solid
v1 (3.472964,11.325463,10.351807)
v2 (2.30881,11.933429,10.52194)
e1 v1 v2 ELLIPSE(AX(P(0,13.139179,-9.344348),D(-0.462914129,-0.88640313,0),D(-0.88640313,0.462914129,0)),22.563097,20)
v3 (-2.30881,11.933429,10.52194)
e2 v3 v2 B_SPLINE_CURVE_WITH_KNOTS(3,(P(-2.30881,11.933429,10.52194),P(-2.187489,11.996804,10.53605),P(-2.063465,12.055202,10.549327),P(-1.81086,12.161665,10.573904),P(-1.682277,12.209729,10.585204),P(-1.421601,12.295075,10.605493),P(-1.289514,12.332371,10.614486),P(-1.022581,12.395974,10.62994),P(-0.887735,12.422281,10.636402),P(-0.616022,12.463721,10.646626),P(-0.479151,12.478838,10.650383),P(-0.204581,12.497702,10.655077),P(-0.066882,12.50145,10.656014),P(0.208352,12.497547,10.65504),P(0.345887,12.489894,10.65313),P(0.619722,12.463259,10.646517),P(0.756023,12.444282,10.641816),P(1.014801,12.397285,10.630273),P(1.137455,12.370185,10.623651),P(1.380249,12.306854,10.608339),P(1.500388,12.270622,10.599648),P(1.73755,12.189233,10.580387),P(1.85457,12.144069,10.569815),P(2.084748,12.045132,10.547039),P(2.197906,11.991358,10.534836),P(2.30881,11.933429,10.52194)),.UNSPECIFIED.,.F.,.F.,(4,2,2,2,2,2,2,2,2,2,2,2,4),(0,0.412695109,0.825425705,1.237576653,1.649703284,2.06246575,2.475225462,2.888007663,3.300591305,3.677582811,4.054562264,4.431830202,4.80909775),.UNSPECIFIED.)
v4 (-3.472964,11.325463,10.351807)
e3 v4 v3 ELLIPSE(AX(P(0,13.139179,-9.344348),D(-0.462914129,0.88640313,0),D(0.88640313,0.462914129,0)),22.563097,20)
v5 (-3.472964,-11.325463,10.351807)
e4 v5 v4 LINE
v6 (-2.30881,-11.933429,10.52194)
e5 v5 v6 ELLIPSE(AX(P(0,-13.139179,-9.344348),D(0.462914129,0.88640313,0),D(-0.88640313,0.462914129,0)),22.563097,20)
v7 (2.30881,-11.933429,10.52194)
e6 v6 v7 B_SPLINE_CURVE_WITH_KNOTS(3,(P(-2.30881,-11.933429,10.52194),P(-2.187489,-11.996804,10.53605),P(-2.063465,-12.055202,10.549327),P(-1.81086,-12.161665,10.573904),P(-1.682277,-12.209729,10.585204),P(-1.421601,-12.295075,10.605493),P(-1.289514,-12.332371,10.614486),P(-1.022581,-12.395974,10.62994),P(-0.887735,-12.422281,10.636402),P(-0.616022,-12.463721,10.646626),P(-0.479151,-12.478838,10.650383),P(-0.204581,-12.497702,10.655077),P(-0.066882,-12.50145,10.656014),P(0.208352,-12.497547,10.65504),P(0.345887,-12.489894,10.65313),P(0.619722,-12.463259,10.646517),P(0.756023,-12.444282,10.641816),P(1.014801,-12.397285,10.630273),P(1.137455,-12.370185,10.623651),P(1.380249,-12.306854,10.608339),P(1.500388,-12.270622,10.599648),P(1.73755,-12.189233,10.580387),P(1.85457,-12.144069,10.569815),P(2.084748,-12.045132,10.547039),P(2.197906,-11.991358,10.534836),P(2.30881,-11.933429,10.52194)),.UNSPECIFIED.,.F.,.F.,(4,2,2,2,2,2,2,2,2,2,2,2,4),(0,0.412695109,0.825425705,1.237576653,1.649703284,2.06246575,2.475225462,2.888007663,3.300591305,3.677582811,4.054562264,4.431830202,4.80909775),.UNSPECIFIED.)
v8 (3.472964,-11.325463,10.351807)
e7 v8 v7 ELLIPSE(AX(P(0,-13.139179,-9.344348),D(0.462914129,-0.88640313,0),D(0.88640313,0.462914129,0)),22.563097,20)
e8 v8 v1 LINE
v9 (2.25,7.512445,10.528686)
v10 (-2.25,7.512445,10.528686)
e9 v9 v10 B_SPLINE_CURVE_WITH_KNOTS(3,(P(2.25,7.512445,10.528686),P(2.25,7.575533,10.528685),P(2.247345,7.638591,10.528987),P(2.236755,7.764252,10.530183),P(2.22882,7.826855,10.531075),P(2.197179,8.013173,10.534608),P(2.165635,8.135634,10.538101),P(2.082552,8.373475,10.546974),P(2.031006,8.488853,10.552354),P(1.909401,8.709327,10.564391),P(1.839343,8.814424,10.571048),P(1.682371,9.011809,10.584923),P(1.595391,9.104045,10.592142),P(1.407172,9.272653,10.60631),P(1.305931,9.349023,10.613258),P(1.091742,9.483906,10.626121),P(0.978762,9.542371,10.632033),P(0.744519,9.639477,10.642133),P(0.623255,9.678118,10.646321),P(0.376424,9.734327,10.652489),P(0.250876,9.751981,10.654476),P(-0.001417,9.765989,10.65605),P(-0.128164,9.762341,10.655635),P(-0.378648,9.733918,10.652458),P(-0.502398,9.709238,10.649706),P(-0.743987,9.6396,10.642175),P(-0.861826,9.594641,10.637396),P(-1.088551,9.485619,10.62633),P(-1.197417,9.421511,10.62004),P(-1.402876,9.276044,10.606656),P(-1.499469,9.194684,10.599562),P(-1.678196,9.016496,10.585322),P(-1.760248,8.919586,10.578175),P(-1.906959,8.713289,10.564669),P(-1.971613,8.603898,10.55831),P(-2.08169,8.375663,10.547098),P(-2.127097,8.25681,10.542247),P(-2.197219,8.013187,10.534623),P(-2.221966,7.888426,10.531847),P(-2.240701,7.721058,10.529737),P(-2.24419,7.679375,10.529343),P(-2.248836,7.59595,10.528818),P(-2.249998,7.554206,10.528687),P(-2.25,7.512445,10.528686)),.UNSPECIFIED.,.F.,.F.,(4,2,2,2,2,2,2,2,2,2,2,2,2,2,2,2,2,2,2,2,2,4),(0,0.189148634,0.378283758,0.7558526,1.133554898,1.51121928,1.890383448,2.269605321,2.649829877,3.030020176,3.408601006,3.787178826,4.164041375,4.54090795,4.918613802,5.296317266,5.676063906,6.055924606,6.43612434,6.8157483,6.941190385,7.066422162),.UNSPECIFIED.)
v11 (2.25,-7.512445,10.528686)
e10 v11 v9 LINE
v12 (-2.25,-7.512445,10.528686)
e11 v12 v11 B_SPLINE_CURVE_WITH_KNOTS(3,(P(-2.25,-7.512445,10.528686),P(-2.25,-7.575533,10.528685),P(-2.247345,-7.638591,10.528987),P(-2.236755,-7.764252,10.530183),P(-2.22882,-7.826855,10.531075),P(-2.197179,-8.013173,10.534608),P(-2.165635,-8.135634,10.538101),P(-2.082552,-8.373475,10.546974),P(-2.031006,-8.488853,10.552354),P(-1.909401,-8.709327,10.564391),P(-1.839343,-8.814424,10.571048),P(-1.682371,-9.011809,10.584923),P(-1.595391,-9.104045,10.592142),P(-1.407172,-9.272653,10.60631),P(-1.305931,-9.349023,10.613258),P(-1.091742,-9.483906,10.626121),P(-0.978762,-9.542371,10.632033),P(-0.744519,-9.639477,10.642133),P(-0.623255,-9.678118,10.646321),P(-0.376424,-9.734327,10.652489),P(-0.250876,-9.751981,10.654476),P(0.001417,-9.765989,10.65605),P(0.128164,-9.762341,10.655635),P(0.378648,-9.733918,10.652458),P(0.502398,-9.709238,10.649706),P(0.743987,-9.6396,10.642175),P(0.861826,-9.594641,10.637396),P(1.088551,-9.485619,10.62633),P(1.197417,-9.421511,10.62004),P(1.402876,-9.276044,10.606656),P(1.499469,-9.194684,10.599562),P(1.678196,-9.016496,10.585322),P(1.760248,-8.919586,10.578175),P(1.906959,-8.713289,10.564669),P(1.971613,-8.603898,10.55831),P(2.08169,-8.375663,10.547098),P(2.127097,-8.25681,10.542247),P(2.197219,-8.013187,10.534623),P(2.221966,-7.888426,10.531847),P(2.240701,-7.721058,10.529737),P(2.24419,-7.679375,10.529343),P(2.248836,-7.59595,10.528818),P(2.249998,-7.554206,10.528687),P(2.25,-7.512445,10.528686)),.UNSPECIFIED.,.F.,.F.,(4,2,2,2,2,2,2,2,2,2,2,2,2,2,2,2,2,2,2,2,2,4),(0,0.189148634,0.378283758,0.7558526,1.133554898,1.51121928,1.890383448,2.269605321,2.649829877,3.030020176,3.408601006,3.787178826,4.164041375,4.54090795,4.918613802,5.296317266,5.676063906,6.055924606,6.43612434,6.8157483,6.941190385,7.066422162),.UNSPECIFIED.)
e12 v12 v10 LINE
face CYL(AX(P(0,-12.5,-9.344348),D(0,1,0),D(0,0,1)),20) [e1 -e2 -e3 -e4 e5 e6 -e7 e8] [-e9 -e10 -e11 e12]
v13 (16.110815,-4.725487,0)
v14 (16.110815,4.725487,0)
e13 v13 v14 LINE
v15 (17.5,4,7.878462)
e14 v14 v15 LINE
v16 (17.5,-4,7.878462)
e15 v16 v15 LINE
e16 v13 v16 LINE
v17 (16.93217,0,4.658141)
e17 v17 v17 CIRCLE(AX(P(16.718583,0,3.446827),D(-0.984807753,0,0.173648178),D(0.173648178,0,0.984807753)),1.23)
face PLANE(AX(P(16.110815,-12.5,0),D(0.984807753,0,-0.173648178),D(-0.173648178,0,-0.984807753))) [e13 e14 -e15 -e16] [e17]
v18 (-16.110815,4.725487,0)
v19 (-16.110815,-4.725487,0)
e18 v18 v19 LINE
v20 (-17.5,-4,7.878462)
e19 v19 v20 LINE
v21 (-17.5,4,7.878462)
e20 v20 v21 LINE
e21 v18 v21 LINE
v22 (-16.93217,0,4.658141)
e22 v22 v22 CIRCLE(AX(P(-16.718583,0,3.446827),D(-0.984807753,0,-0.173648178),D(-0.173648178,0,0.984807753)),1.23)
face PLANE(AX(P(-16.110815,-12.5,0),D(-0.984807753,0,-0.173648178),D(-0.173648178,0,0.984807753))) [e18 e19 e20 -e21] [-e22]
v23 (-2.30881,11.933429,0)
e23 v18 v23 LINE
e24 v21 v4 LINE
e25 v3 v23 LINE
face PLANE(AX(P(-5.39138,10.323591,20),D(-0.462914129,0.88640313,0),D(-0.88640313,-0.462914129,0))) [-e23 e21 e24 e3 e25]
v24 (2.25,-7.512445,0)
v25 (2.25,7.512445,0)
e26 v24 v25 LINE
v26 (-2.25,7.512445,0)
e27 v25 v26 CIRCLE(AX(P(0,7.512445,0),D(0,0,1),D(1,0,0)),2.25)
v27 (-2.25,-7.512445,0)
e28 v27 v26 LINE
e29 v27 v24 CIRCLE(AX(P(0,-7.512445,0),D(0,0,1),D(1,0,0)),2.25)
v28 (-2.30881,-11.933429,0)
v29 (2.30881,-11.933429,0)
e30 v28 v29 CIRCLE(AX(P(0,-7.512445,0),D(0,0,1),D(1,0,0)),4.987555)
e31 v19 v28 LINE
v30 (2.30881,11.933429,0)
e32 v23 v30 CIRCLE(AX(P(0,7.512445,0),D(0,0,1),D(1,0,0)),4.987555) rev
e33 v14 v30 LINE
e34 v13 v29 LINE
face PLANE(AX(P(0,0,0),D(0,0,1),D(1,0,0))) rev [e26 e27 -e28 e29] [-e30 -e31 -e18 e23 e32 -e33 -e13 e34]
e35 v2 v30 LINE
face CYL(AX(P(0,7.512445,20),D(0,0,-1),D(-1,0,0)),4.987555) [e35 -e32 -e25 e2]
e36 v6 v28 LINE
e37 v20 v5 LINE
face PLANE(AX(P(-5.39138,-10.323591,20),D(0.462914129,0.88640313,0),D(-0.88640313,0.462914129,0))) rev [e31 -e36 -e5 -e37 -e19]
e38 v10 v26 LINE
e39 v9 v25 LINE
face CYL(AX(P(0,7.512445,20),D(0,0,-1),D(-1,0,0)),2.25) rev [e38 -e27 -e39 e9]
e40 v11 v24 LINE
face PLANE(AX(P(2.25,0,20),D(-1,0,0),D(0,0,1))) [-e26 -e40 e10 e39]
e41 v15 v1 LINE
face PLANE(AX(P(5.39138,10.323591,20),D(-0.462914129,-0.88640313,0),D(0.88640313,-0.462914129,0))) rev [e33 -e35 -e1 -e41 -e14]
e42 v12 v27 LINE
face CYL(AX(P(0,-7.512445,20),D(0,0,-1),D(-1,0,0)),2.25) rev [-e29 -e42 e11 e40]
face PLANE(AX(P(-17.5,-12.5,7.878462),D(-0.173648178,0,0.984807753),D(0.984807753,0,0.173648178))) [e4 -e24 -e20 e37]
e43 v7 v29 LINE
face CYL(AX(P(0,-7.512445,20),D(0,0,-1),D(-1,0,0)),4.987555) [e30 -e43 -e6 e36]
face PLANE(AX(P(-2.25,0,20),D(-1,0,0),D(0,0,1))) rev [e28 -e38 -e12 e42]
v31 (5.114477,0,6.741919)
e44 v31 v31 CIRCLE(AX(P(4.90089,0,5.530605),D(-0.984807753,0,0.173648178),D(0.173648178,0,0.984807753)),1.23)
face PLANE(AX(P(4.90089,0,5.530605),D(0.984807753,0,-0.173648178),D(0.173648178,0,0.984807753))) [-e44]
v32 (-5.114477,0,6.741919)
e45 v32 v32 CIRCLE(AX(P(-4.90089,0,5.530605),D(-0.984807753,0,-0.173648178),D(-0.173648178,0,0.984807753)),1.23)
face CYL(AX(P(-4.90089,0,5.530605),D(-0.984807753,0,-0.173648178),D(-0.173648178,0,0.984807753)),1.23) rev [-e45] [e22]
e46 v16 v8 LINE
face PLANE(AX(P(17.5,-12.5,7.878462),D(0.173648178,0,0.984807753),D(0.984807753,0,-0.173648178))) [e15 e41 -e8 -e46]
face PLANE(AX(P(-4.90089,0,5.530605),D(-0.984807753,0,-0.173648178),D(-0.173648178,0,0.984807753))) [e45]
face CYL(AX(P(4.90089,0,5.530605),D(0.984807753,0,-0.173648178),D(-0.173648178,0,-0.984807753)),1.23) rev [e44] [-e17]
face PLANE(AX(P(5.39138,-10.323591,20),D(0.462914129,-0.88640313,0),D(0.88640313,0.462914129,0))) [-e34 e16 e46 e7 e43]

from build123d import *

# Parameters (mm, degrees)
AUFSATZ_LINEAR_AUSTRAGEN3_DEPTH      = 20
SKIZZE10_OUTSIDE_W                   = 46.486
SKIZZE10_OUTSIDE_H                   = 31.486
SCHNITT_LINEAR_AUSTRAGEN9_DEPTH      = 13.5
SCHNITT_LINEAR_AUSTRAGEN9_DEPTH_BACK = 13.5
SKIZZE7_R                            = 1.23
SCHNITT_LINEAR_AUSTRAGEN8_DEPTH      = 12


with BuildPart() as part:
    # Skizze3 → Aufsatz-Linear austragen3 (new body)
    with BuildSketch(Plane.XY):
        with BuildLine():
            Line((-17.5, 4), (-2.308809744, 11.933429348))
            ThreePointArc((-2.308809744, 11.933429348), (0, 12.5), (2.308809744, 11.933429348))
            Line((2.308809744, 11.933429348), (17.5, 4))
            Line((17.5, 4), (17.5, -4))
            Line((17.5, -4), (2.308809744, -11.933429348))
            ThreePointArc((2.308809744, -11.933429348), (0, -12.5), (-2.308809744, -11.933429348))
            Line((-2.308809744, -11.933429348), (-17.5, -4))
            Line((-17.5, -4), (-17.5, 4))
        make_face()
        with BuildLine():
            Line((-2.25, -7.51244486), (-2.25, 7.51244486))
            ThreePointArc((-2.25, 7.51244486), (0, 9.76244486), (2.25, 7.51244486))
            Line((2.25, 7.51244486), (2.25, -7.51244486))
            ThreePointArc((2.25, -7.51244486), (0, -9.76244486), (-2.25, -7.51244486))
        make_face(mode=Mode.SUBTRACT)
    extrude(amount=AUFSATZ_LINEAR_AUSTRAGEN3_DEPTH)

    # Skizze10 outside → Schnitt-Linear austragen9 (cut, two sides)
    with BuildSketch(Plane(origin=(0, 0, 0), x_dir=(1, 0, 0), z_dir=(0, 1, 0))) as schnitt_linear_austragen9_sk:
        with Locations((0, -10)):
            Rectangle(SKIZZE10_OUTSIDE_W, SKIZZE10_OUTSIDE_H)
        with BuildLine():
            Line((-16.110814579, 0), (-17.5, -7.878462024))
            Line((-17.5, -7.878462024), (-3.472963553, -10.351807009))
            ThreePointArc((-3.472963553, -10.351807009), (0, -10.655651949), (3.472963553, -10.351807009))
            Line((3.472963553, -10.351807009), (17.5, -7.878462024))
            Line((17.5, -7.878462024), (16.110814579, 0))
            Line((16.110814579, 0), (-16.110814579, 0))
        make_face(mode=Mode.SUBTRACT)
    extrude(amount=SCHNITT_LINEAR_AUSTRAGEN9_DEPTH, mode=Mode.SUBTRACT)
    extrude(schnitt_linear_austragen9_sk.sketch, amount=-SCHNITT_LINEAR_AUSTRAGEN9_DEPTH_BACK, mode=Mode.SUBTRACT)

    # Skizze7 → Schnitt-Linear austragen8 (cut)
    with BuildSketch(Plane(origin=(-16.983254832, 0, 4.947854546), x_dir=(-0.173648178, 0, 0.984807753), z_dir=(-0.984807753, 0, -0.173648178))):
        with Locations((-1.524183177, 0)):
            Circle(SKIZZE7_R)
    schnitt_linear_austragen8 = extrude(amount=-SCHNITT_LINEAR_AUSTRAGEN8_DEPTH, mode=Mode.SUBTRACT)

    # Spiegeln4: Schnitt-Linear austragen8 across plane
    add(schnitt_linear_austragen8.mirror(Plane(origin=(0, 0, 0), x_dir=(0, 0, 1), z_dir=(1, 0, 0))), mode=Mode.SUBTRACT)


solid = part.part
